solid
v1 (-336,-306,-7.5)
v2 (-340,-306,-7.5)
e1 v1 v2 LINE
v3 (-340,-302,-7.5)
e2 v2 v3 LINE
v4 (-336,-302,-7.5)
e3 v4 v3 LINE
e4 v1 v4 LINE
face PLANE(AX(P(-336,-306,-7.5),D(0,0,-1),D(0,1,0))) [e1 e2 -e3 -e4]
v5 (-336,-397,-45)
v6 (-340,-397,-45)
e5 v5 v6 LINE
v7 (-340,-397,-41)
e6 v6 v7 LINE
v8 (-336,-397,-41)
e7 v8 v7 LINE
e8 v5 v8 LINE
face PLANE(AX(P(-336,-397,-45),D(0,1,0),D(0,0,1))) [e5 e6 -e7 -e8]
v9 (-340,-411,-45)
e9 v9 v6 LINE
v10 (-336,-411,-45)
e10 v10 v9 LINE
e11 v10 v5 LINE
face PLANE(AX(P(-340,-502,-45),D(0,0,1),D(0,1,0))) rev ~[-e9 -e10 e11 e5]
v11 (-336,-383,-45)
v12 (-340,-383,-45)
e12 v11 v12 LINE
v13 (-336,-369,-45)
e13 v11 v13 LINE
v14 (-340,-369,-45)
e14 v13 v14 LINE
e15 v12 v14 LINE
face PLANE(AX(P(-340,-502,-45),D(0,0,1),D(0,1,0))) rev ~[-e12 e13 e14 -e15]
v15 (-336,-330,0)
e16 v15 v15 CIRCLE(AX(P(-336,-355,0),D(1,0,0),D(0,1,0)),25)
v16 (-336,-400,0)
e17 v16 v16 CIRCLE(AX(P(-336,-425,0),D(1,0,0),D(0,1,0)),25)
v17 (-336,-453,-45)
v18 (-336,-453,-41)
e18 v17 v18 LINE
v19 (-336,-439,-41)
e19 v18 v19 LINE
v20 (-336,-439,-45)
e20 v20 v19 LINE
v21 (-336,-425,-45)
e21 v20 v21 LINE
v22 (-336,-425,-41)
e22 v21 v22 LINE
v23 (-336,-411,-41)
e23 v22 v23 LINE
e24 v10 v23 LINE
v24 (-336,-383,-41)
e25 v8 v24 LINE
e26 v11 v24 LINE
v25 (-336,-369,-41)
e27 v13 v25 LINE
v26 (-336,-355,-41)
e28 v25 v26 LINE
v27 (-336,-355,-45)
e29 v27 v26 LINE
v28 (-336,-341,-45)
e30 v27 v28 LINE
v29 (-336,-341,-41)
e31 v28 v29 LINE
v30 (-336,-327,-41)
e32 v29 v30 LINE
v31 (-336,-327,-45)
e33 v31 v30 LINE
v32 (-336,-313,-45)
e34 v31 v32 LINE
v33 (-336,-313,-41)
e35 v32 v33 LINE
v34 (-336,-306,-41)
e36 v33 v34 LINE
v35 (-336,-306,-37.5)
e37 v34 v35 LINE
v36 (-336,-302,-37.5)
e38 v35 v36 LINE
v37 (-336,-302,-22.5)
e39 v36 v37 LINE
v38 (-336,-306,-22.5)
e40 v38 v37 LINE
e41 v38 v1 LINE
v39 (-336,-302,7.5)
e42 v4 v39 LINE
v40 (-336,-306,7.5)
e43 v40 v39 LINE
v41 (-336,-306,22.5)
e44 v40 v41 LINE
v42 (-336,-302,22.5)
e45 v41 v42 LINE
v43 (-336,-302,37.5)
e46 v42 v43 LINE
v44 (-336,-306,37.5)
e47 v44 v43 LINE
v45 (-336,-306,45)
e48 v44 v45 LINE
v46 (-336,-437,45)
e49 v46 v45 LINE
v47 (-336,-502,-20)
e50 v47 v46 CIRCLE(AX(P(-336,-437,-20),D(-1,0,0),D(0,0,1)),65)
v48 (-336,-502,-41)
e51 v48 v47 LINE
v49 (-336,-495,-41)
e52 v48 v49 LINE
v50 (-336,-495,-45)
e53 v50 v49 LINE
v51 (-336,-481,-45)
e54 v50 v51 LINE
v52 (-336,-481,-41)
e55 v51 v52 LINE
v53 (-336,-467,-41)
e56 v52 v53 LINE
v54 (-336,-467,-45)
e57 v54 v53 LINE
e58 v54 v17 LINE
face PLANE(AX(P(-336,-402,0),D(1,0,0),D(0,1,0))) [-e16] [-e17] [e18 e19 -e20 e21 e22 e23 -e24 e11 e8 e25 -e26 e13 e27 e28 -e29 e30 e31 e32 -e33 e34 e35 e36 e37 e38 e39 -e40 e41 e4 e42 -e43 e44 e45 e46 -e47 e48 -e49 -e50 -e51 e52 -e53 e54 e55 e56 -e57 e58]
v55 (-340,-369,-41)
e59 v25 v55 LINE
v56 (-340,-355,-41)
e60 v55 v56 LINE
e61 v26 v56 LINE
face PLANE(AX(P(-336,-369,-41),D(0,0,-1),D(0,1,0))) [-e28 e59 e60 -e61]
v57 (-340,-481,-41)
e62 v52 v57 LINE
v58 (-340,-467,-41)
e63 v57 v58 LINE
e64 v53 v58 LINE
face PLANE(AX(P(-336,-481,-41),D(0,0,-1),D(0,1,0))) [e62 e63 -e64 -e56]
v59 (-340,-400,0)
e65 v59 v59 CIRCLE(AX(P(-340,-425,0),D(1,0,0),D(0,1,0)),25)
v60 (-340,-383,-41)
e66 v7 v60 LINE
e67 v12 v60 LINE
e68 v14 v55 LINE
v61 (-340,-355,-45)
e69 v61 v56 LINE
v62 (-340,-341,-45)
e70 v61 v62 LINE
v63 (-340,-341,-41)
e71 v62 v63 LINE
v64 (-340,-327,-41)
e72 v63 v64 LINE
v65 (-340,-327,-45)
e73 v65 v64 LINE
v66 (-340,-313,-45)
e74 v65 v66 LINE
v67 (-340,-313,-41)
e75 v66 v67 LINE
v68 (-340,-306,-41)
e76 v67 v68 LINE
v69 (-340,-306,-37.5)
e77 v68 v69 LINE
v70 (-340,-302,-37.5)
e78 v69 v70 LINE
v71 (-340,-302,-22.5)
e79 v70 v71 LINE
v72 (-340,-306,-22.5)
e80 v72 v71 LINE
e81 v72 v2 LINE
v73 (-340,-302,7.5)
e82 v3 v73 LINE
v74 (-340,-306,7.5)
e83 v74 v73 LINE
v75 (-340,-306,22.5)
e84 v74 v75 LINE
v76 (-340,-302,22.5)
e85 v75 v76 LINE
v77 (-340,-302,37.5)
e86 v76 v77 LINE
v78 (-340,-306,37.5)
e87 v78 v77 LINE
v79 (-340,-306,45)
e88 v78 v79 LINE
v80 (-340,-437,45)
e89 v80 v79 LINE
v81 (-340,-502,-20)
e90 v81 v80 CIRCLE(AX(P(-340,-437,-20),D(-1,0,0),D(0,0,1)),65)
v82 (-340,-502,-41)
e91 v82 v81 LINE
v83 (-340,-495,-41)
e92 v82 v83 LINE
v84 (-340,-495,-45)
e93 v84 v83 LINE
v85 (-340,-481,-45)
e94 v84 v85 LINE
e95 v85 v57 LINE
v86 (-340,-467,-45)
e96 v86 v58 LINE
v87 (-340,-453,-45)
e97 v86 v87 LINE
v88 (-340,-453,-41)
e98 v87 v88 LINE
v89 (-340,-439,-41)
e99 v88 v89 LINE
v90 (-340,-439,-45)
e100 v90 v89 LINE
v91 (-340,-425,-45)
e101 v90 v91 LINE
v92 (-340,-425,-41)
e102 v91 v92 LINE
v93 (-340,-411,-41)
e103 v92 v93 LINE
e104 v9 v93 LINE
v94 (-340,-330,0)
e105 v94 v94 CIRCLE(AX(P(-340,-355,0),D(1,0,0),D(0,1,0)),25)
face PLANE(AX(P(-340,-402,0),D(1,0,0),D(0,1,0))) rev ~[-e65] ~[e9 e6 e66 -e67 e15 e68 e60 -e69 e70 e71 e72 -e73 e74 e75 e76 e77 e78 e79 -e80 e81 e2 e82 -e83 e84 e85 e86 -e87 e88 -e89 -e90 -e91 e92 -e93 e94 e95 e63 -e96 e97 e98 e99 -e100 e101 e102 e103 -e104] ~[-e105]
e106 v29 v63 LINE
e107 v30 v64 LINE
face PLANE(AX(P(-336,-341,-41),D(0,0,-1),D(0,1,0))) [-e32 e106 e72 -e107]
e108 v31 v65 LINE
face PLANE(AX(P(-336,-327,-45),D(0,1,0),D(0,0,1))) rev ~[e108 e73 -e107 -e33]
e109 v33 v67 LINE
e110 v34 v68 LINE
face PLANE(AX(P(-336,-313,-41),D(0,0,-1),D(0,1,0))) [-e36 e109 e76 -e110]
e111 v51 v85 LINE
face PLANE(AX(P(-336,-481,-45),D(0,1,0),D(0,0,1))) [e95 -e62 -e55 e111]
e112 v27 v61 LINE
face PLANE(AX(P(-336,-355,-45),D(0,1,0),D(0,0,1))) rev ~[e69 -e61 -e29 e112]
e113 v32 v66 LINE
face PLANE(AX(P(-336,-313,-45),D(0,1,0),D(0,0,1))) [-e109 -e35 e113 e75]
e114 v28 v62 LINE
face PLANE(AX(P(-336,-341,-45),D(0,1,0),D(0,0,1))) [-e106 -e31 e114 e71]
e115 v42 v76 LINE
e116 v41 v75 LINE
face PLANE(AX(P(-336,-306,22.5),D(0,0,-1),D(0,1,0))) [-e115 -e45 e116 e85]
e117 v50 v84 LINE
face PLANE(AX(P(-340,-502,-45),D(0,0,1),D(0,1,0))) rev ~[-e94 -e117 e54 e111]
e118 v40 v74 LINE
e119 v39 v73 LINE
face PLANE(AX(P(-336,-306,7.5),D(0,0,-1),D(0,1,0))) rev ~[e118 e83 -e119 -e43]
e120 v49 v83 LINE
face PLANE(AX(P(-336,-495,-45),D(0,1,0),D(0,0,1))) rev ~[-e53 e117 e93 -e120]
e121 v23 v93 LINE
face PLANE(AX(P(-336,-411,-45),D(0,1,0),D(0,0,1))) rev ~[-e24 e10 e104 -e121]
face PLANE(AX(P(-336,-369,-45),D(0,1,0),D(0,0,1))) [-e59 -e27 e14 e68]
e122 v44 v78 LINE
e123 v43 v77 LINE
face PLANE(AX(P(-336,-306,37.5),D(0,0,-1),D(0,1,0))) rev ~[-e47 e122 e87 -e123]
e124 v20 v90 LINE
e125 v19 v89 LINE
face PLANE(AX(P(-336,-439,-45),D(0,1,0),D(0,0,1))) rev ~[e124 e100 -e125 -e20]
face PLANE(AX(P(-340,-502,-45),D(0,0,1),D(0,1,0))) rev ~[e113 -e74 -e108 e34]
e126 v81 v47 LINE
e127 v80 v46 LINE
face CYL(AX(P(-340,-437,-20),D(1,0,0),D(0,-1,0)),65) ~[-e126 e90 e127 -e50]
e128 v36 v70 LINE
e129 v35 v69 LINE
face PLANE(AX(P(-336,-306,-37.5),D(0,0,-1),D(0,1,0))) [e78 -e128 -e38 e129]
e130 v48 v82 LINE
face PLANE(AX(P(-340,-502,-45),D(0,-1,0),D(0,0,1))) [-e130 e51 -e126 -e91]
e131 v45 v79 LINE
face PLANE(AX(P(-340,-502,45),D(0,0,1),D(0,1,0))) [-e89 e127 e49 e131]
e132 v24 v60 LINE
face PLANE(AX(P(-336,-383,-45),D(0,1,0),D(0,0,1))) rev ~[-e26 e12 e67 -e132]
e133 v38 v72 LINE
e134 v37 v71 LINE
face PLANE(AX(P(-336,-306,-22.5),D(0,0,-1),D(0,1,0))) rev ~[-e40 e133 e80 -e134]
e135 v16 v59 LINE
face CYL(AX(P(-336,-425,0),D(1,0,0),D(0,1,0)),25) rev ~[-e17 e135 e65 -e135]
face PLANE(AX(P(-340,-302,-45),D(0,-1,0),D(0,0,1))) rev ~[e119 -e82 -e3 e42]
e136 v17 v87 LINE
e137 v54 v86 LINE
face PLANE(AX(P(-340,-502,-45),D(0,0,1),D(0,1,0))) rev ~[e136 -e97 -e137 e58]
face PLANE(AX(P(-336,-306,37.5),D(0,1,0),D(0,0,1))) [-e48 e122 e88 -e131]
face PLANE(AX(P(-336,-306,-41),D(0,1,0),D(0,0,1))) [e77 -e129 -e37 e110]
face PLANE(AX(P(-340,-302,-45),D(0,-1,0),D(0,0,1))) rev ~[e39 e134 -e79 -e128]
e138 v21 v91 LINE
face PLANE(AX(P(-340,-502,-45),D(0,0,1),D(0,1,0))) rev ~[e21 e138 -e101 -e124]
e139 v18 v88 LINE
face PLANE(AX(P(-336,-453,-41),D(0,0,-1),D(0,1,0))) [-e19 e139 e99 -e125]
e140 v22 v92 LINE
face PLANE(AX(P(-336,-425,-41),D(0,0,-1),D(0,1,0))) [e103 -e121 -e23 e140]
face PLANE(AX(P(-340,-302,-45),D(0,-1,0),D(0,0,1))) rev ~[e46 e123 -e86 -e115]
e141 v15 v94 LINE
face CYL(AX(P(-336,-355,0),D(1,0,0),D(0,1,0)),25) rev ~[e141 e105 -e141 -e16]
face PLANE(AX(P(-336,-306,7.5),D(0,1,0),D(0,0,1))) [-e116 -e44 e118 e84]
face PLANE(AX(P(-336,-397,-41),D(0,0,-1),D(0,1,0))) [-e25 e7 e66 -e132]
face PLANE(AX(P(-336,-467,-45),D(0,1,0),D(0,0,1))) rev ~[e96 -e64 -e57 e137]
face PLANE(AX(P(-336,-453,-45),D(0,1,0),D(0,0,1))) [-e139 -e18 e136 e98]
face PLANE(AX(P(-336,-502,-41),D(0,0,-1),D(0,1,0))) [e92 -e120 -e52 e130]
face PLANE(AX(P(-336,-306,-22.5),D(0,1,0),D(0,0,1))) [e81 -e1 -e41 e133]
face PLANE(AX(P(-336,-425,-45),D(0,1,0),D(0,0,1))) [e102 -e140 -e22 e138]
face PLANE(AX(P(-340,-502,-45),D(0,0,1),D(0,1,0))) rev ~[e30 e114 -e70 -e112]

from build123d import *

# Parameters (mm, degrees)
SKETCH065_W     = 200
SKETCH065_H     = 90
PAD032_DEPTH    = 4
SKETCH064_R     = 25
SKETCH064_W     = 7
SKETCH064_H     = 4
SKETCH064_W_2   = 14
SKETCH064_W_3   = 4
SKETCH064_H_2   = 15
SKETCH064_H_3   = 7.5
POCKET028_DEPTH = 4
FILLET001_R     = 65


with BuildPart() as part:
    # Sketch065 → Pad032 (new body)
    with BuildSketch(Plane.YZ):
        Rectangle(SKETCH065_W, SKETCH065_H)
    extrude(amount=PAD032_DEPTH)

    # Sketch064 (on Face6 of Pad032) → Pocket028 (cut)
    with BuildSketch(Plane.YZ.offset(4)):
        with Locations((-23, 0)):
            Circle(SKETCH064_R)
        with Locations((47, 0)):
            Circle(SKETCH064_R)
        with Locations((-96.5, -43)):
            Rectangle(SKETCH064_W, SKETCH064_H)
        with Locations((-72, -43)):
            Rectangle(SKETCH064_W_2, SKETCH064_H)
        with Locations((-44, -43)):
            Rectangle(SKETCH064_W_2, SKETCH064_H)
        with Locations((-16, -43)):
            Rectangle(SKETCH064_W_2, SKETCH064_H)
        with Locations((12, -43)):
            Rectangle(SKETCH064_W_2, SKETCH064_H)
        with Locations((40, -43)):
            Rectangle(SKETCH064_W_2, SKETCH064_H)
        with Locations((68, -43)):
            Rectangle(SKETCH064_W_2, SKETCH064_H)
        with Locations((98, -15)):
            Rectangle(SKETCH064_W_3, SKETCH064_H_2)
        with Locations((98, 15)):
            Rectangle(SKETCH064_W_3, SKETCH064_H_2)
        with Locations((98, 41.25)):
            Rectangle(SKETCH064_W_3, SKETCH064_H_3)
        Polygon((89, -45), (89, -41), (96, -41), (96, -37.5), (100, -37.5), (100, -45), align=None)
    extrude(amount=-POCKET028_DEPTH, mode=Mode.SUBTRACT)

    # Fillet001
    fillet001_edges = [part.edges().sort_by_distance(p)[0] for p in [
        (2, -100, 45),
    ]]
    fillet(fillet001_edges, radius=FILLET001_R)


with BuildPart() as part_1:
    # Body032 placement: moved
    add(part.part.moved(Location((-340, -402, 0))))


solid = part_1.part
